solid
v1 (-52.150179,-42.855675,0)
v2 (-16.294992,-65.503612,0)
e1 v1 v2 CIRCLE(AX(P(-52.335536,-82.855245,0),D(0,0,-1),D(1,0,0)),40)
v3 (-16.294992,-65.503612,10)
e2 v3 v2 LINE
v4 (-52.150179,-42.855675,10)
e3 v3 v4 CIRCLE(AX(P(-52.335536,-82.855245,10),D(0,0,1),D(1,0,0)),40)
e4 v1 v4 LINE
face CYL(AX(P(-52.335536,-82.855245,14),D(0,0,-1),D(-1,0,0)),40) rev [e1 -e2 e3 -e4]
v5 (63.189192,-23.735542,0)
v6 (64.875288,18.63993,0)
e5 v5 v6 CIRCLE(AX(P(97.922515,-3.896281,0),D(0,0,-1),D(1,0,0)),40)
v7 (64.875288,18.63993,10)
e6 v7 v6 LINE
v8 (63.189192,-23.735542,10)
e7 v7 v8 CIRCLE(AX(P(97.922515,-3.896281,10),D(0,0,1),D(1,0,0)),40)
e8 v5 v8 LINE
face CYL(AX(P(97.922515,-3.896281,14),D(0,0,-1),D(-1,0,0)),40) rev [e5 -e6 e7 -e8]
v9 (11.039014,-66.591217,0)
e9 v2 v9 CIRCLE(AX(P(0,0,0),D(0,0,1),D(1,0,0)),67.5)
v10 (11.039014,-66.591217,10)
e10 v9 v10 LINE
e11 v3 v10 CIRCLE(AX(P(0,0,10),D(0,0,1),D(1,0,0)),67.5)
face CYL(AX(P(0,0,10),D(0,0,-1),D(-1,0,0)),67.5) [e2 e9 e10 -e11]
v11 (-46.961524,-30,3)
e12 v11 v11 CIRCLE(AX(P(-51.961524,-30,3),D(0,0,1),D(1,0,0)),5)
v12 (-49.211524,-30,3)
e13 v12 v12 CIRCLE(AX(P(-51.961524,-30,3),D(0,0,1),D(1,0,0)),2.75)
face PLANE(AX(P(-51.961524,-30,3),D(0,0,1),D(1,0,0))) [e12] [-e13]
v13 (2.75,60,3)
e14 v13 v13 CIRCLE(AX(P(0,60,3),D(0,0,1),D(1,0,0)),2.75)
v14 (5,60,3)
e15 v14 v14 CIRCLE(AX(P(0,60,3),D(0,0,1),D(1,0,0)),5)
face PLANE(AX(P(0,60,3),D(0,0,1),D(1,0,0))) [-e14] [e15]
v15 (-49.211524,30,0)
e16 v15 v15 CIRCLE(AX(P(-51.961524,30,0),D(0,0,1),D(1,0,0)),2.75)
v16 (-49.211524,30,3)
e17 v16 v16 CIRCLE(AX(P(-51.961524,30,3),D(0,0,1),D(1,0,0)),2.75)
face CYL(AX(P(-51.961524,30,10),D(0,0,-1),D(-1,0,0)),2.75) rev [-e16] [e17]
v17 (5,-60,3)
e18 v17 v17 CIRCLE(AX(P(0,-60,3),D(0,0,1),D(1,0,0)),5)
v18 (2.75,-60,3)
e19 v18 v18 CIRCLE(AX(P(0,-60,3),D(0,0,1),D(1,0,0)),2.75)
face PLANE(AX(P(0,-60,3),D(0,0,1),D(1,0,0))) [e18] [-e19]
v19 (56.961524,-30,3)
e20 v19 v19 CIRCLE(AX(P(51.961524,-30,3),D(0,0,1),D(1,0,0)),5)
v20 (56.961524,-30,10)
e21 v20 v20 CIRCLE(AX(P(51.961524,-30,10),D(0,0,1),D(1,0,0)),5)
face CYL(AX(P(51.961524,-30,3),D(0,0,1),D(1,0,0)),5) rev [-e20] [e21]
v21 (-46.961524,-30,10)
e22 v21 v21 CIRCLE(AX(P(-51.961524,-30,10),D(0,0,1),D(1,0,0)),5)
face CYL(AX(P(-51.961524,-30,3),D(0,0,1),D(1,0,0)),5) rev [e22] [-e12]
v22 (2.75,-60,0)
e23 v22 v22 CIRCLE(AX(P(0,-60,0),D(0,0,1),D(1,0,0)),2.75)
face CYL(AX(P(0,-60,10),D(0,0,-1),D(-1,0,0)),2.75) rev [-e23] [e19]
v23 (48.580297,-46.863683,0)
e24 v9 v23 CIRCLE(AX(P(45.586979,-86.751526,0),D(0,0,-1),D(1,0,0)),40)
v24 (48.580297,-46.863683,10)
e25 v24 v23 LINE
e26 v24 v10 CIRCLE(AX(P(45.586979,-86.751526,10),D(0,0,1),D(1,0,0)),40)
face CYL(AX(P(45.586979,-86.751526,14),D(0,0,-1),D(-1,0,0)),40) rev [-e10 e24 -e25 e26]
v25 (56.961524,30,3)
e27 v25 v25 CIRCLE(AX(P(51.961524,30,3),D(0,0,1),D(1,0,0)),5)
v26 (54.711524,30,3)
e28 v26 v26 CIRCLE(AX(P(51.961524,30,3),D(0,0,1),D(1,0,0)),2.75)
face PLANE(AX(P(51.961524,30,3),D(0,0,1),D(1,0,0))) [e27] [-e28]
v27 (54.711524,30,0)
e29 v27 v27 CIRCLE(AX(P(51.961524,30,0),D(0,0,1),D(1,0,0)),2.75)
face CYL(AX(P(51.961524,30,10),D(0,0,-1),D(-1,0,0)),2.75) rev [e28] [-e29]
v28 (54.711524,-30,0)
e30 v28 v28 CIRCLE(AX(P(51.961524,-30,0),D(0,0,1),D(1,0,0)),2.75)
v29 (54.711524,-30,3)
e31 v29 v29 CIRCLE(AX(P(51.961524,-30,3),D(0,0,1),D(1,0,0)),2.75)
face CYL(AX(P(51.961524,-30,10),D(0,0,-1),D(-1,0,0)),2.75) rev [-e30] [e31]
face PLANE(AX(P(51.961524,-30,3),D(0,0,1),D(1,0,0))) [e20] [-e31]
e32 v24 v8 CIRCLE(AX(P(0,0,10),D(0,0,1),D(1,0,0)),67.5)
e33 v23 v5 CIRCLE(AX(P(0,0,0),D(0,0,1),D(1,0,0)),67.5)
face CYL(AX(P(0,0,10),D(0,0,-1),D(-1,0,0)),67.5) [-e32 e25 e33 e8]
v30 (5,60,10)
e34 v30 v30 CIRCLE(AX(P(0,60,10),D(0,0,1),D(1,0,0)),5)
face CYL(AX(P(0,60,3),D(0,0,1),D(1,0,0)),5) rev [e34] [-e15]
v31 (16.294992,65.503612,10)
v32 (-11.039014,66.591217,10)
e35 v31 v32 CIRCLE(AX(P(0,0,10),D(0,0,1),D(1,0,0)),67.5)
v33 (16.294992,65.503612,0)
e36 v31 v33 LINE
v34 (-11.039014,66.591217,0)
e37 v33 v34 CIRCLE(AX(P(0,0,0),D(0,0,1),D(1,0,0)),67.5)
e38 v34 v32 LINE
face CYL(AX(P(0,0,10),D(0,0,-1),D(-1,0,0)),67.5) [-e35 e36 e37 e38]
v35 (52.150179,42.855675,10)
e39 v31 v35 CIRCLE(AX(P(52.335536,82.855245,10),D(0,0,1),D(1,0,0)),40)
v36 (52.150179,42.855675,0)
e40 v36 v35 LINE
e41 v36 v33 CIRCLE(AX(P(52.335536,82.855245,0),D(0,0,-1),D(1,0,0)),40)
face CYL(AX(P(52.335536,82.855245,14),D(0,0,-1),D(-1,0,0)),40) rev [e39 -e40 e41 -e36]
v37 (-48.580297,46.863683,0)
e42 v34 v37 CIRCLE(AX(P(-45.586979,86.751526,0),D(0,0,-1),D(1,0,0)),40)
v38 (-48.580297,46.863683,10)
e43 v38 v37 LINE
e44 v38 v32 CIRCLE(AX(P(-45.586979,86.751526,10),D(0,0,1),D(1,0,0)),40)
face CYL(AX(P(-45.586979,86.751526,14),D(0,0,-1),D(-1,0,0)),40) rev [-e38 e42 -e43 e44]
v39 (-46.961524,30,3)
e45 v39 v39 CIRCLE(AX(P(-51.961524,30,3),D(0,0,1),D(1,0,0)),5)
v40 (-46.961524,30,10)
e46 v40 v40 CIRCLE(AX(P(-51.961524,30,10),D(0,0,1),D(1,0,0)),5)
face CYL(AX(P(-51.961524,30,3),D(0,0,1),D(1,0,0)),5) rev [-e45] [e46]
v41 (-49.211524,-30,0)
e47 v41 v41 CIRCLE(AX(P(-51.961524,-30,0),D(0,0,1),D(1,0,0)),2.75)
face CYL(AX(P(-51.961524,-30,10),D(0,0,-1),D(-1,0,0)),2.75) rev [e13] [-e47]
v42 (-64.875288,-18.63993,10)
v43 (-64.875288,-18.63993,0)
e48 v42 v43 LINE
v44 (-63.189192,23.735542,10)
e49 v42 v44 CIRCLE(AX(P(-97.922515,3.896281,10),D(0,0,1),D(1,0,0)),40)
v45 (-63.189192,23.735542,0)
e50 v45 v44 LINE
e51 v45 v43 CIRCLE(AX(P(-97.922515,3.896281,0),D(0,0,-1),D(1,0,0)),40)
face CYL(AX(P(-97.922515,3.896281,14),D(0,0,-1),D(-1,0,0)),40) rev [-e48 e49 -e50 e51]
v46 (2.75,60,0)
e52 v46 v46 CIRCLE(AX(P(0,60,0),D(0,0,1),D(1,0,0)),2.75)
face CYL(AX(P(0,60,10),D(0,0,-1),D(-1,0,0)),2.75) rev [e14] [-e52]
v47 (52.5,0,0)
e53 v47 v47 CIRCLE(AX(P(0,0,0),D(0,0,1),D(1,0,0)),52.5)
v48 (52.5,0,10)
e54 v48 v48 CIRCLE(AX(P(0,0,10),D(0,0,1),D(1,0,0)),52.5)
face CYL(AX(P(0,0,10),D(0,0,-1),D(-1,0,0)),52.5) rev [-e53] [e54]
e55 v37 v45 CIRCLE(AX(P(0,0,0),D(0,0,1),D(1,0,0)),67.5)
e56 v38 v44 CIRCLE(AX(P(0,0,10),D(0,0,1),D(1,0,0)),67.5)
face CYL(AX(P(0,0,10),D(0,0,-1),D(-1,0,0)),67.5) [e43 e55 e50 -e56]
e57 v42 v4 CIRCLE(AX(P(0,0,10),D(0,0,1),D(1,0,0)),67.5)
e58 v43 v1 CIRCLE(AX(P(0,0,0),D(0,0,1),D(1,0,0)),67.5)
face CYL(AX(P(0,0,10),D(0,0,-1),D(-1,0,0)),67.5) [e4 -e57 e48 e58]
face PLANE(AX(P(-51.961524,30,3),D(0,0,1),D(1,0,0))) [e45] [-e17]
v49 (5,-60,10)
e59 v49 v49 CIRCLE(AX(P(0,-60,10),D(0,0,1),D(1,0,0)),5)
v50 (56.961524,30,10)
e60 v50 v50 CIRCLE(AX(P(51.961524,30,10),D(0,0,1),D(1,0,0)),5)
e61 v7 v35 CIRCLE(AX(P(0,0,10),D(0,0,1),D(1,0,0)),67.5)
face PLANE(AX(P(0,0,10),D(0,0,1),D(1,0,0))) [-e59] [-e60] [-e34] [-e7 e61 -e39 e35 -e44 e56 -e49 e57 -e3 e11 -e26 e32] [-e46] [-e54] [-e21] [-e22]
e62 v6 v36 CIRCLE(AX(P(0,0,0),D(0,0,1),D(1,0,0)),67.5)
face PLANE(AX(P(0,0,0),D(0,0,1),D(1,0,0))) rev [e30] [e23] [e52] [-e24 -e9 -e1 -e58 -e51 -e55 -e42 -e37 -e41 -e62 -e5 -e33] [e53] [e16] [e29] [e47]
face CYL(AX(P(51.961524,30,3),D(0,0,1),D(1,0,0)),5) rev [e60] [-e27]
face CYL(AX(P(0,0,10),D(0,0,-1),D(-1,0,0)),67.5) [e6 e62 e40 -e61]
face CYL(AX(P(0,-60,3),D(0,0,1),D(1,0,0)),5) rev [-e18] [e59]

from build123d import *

# Parameters (mm, degrees)
IZIM1_R                     = 67.5
IZIM1_R_2                   = 52.5
IZIM1_R_3                   = 2.75
Y_KSEKLIK_EKSTR_ZYON1_DEPTH = 10
KES_EKSTR_ZYON1_DEPTH       = 14
IZIM3_R                     = 5
KES_EKSTR_ZYON2_DEPTH       = 7


with BuildPart() as part:
    # Çizim1 → Yükseklik-Ekstrüzyon1 (new body)
    with BuildSketch(Plane.XY):
        Circle(IZIM1_R)
        Circle(IZIM1_R_2, mode=Mode.SUBTRACT)
        with Locations((0, 60)):
            Circle(IZIM1_R_3, mode=Mode.SUBTRACT)
        with Locations((51.961524227, 30)):
            Circle(IZIM1_R_3, mode=Mode.SUBTRACT)
        with Locations((51.961524227, -30)):
            Circle(IZIM1_R_3, mode=Mode.SUBTRACT)
        with Locations((0, -60)):
            Circle(IZIM1_R_3, mode=Mode.SUBTRACT)
        with Locations((-51.961524227, -30)):
            Circle(IZIM1_R_3, mode=Mode.SUBTRACT)
        with Locations((-51.961524227, 30)):
            Circle(IZIM1_R_3, mode=Mode.SUBTRACT)
    extrude(amount=Y_KSEKLIK_EKSTR_ZYON1_DEPTH)

    # Çizim2 → Kes-Ekstrüzyon1 (cut)
    with BuildSketch(Plane(origin=(0, 0, 0), x_dir=(-1, 0, 0), z_dir=(0, 0, -1))):
        with BuildLine():
            Line((-61.212117231, 43.852600407), (-15, 68.50053352))
            ThreePointArc((-15, 68.50053352), (-33.51113221, 47.561593986), (-61.212117231, 43.852600407))
        make_face()
        with BuildLine():
            Line((7.371407359, 74.937548745), (51.823202201, 47.240647817))
            ThreePointArc((51.823202201, 47.240647817), (24.433982531, 52.802288797), (7.371407359, 74.937548745))
        make_face()
        with BuildLine():
            Line((68.58352459, 31.084948338), (66.823202201, -21.259885703))
            ThreePointArc((66.823202201, -21.259885703), (57.945114741, 5.240694811), (68.58352459, 31.084948338))
        make_face()
        with BuildLine():
            Line((61.212117231, -43.852600407), (15, -68.50053352))
            ThreePointArc((15, -68.50053352), (33.51113221, -47.561593986), (61.212117231, -43.852600407))
        make_face()
        with BuildLine():
            Line((-7.371407359, -74.937548745), (-51.823202201, -47.240647817))
            ThreePointArc((-51.823202201, -47.240647817), (-24.433982531, -52.802288797), (-7.371407359, -74.937548745))
        make_face()
        with BuildLine():
            Line((-68.58352459, -31.084948338), (-66.823202201, 21.259885703))
            ThreePointArc((-66.823202201, 21.259885703), (-57.945114741, -5.240694811), (-68.58352459, -31.084948338))
        make_face()
    extrude(amount=-KES_EKSTR_ZYON1_DEPTH, mode=Mode.SUBTRACT)

    # Çizim3 → Kes-Ekstrüzyon2 (cut)
    with BuildSketch(Plane.XY.offset(10)):
        with Locations((0, 60)):
            Circle(IZIM3_R)
        with Locations((51.961524227, 30)):
            Circle(IZIM3_R)
        with Locations((51.961524227, -30)):
            Circle(IZIM3_R)
        with Locations((0, -60)):
            Circle(IZIM3_R)
        with Locations((-51.961524227, -30)):
            Circle(IZIM3_R)
        with Locations((-51.961524227, 30)):
            Circle(IZIM3_R)
    extrude(amount=-KES_EKSTR_ZYON2_DEPTH, mode=Mode.SUBTRACT)


solid = part.part
